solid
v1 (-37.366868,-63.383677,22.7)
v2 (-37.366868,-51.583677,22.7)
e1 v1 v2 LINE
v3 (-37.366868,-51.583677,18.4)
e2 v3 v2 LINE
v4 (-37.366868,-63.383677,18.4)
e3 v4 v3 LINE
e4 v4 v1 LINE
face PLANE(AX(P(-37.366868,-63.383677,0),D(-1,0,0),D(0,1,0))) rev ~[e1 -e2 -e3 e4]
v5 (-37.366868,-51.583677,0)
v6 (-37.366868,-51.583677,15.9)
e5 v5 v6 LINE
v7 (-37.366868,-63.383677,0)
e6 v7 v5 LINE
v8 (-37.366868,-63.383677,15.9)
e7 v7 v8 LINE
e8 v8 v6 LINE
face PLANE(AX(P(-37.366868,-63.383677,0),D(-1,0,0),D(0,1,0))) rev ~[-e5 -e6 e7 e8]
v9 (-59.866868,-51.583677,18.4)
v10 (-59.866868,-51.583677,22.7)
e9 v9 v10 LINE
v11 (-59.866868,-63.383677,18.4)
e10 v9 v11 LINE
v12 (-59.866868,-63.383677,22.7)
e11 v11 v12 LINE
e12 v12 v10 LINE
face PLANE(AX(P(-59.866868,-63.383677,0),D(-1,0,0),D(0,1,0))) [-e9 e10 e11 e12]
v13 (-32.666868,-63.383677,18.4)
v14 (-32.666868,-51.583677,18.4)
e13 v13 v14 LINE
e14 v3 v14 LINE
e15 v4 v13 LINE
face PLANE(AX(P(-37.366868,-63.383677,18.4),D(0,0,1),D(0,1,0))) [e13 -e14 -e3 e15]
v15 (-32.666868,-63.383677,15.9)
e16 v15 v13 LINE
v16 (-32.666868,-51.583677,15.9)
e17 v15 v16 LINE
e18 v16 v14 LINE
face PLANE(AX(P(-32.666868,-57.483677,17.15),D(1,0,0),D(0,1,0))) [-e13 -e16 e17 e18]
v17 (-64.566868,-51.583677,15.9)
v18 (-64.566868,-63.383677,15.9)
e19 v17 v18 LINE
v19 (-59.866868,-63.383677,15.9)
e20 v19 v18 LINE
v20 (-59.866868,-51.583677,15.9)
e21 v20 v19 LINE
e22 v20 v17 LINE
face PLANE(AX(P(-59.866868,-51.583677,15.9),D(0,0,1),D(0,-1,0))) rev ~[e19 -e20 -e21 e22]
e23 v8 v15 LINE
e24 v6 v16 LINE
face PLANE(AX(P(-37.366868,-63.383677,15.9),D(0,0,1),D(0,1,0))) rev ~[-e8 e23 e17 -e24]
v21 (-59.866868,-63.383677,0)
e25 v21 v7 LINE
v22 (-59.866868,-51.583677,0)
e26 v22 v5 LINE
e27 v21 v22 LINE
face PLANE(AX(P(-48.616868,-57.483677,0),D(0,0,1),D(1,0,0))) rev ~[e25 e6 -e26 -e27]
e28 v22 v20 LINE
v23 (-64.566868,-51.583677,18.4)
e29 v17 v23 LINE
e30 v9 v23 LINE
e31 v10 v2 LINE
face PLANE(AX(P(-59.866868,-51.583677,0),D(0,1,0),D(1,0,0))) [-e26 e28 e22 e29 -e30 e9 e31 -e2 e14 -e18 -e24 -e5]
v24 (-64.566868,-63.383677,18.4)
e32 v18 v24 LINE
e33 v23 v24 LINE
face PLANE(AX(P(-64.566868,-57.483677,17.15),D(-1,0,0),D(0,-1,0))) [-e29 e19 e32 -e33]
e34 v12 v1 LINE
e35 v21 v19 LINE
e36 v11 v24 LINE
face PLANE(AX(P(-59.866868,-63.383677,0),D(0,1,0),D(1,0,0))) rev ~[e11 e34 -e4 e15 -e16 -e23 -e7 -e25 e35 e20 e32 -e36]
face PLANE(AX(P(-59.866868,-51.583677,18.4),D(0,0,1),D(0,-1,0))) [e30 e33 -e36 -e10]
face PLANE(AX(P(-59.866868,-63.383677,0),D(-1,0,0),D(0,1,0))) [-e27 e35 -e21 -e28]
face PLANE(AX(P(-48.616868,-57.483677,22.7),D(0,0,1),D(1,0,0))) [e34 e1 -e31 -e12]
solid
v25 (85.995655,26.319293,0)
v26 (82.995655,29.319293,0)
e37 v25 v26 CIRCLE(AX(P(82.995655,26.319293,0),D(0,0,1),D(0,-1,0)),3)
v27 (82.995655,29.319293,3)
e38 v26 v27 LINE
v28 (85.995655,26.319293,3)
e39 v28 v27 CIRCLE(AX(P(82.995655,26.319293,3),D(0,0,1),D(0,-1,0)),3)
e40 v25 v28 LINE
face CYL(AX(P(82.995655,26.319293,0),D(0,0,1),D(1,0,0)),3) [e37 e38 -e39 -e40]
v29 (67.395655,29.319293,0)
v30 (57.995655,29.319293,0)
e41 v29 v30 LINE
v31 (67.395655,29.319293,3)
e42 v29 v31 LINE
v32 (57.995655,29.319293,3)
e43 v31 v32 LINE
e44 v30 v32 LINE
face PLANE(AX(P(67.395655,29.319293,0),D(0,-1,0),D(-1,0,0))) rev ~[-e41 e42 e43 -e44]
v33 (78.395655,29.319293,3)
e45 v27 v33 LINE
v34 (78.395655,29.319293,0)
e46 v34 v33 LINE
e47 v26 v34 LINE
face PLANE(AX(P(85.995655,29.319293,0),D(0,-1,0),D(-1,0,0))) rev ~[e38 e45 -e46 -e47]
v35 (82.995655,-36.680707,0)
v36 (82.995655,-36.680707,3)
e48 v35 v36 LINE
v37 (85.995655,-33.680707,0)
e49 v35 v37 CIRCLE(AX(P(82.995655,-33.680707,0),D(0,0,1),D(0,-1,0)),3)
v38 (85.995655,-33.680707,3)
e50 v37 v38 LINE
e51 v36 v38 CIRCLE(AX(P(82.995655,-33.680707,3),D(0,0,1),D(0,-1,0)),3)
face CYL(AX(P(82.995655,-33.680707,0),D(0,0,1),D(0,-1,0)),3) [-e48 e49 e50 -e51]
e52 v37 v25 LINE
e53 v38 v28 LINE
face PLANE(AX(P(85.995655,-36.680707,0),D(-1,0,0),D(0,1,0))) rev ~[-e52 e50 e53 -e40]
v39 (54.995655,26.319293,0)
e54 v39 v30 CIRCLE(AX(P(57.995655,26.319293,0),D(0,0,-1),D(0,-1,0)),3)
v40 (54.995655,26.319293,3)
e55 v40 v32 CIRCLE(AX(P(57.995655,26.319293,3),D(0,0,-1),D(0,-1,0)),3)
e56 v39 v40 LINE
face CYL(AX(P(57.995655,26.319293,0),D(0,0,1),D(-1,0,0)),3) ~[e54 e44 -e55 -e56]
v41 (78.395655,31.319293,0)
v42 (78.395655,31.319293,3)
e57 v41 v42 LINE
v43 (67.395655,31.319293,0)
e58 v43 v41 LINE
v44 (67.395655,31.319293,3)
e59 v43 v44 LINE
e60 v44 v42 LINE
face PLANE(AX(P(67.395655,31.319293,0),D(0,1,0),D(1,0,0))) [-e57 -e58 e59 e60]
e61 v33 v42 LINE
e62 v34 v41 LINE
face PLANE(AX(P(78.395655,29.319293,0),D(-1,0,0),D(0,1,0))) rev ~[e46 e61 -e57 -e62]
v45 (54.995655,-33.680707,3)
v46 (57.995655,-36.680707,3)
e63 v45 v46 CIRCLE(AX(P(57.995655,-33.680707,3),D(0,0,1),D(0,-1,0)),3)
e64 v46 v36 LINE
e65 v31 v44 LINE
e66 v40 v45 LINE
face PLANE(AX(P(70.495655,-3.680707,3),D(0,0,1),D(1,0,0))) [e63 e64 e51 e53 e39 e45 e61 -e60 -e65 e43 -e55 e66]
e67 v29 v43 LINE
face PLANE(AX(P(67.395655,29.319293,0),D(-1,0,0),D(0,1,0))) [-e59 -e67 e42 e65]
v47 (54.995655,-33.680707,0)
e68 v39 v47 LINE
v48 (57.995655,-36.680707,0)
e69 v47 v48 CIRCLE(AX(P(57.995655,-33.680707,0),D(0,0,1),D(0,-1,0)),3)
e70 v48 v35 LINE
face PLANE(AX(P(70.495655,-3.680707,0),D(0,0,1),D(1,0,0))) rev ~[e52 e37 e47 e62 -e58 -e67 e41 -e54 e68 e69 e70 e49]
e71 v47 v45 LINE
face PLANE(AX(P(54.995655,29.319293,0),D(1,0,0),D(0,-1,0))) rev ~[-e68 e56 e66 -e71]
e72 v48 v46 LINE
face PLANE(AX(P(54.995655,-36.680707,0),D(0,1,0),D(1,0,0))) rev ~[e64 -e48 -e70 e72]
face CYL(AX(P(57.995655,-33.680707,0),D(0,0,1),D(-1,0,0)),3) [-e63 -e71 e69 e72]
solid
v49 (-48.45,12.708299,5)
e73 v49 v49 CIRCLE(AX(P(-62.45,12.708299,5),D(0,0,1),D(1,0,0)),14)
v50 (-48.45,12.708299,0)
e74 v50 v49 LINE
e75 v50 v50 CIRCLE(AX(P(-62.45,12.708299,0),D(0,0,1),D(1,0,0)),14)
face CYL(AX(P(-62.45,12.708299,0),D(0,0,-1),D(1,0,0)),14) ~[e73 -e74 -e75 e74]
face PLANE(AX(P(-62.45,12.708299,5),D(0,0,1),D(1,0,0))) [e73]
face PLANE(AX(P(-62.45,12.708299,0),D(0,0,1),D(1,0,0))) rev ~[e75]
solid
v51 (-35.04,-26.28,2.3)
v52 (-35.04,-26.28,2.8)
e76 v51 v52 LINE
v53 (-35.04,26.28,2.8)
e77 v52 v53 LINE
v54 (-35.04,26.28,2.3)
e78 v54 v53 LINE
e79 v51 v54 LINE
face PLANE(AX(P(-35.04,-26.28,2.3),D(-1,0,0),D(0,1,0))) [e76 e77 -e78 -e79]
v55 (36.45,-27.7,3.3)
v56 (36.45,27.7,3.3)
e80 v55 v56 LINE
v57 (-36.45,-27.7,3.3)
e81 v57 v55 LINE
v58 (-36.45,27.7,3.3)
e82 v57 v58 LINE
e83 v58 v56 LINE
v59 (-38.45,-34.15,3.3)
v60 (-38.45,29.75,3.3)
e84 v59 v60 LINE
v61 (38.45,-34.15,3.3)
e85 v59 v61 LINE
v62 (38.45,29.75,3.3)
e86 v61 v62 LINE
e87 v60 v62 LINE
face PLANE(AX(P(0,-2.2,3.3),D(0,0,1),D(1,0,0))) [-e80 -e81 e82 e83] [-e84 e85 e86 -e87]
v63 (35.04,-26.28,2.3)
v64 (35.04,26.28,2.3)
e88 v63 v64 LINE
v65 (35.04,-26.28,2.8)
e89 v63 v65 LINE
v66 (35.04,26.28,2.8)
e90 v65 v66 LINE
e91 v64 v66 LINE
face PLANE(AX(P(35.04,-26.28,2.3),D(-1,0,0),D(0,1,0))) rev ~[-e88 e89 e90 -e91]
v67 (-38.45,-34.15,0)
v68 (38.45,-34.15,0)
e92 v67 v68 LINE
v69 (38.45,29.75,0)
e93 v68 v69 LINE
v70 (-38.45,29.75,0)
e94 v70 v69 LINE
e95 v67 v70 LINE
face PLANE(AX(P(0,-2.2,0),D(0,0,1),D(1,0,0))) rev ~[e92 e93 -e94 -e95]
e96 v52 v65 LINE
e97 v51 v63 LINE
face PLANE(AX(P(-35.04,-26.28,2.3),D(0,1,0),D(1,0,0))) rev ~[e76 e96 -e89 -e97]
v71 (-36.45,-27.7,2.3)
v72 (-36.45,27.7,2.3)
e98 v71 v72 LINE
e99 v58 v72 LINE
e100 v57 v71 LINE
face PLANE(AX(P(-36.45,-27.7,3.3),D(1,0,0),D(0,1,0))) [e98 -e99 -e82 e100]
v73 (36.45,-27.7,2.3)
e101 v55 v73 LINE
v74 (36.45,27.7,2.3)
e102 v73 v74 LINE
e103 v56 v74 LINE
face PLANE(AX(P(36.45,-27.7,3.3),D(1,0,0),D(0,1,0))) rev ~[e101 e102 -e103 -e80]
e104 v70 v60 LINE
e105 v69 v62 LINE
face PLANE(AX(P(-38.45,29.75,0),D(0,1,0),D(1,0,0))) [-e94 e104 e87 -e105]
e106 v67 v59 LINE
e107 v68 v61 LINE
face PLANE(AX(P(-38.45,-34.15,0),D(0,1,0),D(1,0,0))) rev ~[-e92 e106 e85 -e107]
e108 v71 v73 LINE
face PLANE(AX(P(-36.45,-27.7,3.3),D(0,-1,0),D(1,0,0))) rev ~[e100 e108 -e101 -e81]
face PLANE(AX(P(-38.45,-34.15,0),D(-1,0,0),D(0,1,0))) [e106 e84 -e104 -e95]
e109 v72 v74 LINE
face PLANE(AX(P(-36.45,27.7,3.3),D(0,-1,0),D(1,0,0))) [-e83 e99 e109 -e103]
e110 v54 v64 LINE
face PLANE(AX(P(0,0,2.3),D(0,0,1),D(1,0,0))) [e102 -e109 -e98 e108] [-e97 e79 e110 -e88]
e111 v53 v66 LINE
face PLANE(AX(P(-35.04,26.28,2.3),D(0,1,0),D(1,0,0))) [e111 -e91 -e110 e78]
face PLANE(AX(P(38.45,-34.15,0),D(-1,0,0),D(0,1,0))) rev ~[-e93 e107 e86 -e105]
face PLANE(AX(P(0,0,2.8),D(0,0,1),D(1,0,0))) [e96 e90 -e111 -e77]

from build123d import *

# Parameters (mm, degrees)
F0_W      = 76.9
F0_H      = 63.9
F1_DEPTH  = 3.3
F2_W      = 72.9
F2_H      = 55.4
F3_DEPTH  = 1
F4_W      = 70.08
F4_H      = 52.56
F5_DEPTH  = 0.5
F6_R      = 14
F7_DEPTH  = 5
F8_W      = 11
F8_H      = 2
F9_DEPTH  = 3
F10_R     = 3
F11_W     = 22.5
F11_H     = 11.8
F12_DEPTH = 22.7
F13_W     = 11.8
F13_H     = 2.5
F14_DEPTH = 4.7
F15_W     = 11.8
F15_H     = 2.5
F16_DEPTH = 4.7


with BuildPart() as f1:
    # F0 (on Top) → F1 (new body)
    with BuildSketch(Plane.XY):
        with Locations((0, -2.2)):
            Rectangle(F0_W, F0_H)
    extrude(amount=F1_DEPTH)

    # F2 (on face) → F3 (cut)
    with BuildSketch(Plane.XY.offset(3.3)):
        Rectangle(F2_W, F2_H)
    extrude(amount=-F3_DEPTH, mode=Mode.SUBTRACT)

    # F4 (on face) → F5 (join)
    with BuildSketch(Plane.XY.offset(2.3)):
        Rectangle(F4_W, F4_H)
    extrude(amount=F5_DEPTH)


with BuildPart() as f7:
    # F6 (on Top) → F7 (new body)
    with BuildSketch(Plane.XY):
        with Locations((-62.45, 12.708299)):
            Circle(F6_R)
    extrude(amount=F7_DEPTH)


with BuildPart() as f9:
    # F8 (on Top) → F9 (new body)
    with BuildSketch(Plane.XY):
        Polygon((67.395655, 29.319293), (54.995655, 29.319293), (54.995655, -36.680707), (85.995655, -36.680707), (85.995655, 29.319293), (78.395655, 29.319293), align=None)
        with Locations((72.895655, 30.319293)):
            Rectangle(F8_W, F8_H)
    extrude(amount=F9_DEPTH)

    # F10
    f10_edges = [f9.edges().sort_by_distance(p)[0] for p in [
        (85.995655, -36.680707, 1.5),
        (54.995655, -36.680707, 1.5),
        (54.995655, 29.319293, 1.5),
        (85.995655, 29.319293, 1.5),
    ]]
    fillet(f10_edges, radius=F10_R)


with BuildPart() as f12:
    # F11 (on Top) → F12 (new body)
    with BuildSketch(Plane.XY):
        with Locations((-48.616868, -57.483677)):
            Rectangle(F11_W, F11_H)
    extrude(amount=F12_DEPTH)

    # F13 (on face) → F14 (join)
    with BuildSketch(Plane(origin=(-59.866868, 0, 0), x_dir=(0, -1, 0), z_dir=(-1, 0, 0))):
        with Locations((57.483677, 17.15)):
            Rectangle(F13_W, F13_H)
    extrude(amount=F14_DEPTH)

    # F15 (on face) → F16 (join)
    with BuildSketch(Plane.YZ.offset(-37.366868)):
        with Locations((-57.483677, 17.15)):
            Rectangle(F15_W, F15_H)
    extrude(amount=F16_DEPTH)


solid = Compound([f1.part, f7.part, f9.part, f12.part])
